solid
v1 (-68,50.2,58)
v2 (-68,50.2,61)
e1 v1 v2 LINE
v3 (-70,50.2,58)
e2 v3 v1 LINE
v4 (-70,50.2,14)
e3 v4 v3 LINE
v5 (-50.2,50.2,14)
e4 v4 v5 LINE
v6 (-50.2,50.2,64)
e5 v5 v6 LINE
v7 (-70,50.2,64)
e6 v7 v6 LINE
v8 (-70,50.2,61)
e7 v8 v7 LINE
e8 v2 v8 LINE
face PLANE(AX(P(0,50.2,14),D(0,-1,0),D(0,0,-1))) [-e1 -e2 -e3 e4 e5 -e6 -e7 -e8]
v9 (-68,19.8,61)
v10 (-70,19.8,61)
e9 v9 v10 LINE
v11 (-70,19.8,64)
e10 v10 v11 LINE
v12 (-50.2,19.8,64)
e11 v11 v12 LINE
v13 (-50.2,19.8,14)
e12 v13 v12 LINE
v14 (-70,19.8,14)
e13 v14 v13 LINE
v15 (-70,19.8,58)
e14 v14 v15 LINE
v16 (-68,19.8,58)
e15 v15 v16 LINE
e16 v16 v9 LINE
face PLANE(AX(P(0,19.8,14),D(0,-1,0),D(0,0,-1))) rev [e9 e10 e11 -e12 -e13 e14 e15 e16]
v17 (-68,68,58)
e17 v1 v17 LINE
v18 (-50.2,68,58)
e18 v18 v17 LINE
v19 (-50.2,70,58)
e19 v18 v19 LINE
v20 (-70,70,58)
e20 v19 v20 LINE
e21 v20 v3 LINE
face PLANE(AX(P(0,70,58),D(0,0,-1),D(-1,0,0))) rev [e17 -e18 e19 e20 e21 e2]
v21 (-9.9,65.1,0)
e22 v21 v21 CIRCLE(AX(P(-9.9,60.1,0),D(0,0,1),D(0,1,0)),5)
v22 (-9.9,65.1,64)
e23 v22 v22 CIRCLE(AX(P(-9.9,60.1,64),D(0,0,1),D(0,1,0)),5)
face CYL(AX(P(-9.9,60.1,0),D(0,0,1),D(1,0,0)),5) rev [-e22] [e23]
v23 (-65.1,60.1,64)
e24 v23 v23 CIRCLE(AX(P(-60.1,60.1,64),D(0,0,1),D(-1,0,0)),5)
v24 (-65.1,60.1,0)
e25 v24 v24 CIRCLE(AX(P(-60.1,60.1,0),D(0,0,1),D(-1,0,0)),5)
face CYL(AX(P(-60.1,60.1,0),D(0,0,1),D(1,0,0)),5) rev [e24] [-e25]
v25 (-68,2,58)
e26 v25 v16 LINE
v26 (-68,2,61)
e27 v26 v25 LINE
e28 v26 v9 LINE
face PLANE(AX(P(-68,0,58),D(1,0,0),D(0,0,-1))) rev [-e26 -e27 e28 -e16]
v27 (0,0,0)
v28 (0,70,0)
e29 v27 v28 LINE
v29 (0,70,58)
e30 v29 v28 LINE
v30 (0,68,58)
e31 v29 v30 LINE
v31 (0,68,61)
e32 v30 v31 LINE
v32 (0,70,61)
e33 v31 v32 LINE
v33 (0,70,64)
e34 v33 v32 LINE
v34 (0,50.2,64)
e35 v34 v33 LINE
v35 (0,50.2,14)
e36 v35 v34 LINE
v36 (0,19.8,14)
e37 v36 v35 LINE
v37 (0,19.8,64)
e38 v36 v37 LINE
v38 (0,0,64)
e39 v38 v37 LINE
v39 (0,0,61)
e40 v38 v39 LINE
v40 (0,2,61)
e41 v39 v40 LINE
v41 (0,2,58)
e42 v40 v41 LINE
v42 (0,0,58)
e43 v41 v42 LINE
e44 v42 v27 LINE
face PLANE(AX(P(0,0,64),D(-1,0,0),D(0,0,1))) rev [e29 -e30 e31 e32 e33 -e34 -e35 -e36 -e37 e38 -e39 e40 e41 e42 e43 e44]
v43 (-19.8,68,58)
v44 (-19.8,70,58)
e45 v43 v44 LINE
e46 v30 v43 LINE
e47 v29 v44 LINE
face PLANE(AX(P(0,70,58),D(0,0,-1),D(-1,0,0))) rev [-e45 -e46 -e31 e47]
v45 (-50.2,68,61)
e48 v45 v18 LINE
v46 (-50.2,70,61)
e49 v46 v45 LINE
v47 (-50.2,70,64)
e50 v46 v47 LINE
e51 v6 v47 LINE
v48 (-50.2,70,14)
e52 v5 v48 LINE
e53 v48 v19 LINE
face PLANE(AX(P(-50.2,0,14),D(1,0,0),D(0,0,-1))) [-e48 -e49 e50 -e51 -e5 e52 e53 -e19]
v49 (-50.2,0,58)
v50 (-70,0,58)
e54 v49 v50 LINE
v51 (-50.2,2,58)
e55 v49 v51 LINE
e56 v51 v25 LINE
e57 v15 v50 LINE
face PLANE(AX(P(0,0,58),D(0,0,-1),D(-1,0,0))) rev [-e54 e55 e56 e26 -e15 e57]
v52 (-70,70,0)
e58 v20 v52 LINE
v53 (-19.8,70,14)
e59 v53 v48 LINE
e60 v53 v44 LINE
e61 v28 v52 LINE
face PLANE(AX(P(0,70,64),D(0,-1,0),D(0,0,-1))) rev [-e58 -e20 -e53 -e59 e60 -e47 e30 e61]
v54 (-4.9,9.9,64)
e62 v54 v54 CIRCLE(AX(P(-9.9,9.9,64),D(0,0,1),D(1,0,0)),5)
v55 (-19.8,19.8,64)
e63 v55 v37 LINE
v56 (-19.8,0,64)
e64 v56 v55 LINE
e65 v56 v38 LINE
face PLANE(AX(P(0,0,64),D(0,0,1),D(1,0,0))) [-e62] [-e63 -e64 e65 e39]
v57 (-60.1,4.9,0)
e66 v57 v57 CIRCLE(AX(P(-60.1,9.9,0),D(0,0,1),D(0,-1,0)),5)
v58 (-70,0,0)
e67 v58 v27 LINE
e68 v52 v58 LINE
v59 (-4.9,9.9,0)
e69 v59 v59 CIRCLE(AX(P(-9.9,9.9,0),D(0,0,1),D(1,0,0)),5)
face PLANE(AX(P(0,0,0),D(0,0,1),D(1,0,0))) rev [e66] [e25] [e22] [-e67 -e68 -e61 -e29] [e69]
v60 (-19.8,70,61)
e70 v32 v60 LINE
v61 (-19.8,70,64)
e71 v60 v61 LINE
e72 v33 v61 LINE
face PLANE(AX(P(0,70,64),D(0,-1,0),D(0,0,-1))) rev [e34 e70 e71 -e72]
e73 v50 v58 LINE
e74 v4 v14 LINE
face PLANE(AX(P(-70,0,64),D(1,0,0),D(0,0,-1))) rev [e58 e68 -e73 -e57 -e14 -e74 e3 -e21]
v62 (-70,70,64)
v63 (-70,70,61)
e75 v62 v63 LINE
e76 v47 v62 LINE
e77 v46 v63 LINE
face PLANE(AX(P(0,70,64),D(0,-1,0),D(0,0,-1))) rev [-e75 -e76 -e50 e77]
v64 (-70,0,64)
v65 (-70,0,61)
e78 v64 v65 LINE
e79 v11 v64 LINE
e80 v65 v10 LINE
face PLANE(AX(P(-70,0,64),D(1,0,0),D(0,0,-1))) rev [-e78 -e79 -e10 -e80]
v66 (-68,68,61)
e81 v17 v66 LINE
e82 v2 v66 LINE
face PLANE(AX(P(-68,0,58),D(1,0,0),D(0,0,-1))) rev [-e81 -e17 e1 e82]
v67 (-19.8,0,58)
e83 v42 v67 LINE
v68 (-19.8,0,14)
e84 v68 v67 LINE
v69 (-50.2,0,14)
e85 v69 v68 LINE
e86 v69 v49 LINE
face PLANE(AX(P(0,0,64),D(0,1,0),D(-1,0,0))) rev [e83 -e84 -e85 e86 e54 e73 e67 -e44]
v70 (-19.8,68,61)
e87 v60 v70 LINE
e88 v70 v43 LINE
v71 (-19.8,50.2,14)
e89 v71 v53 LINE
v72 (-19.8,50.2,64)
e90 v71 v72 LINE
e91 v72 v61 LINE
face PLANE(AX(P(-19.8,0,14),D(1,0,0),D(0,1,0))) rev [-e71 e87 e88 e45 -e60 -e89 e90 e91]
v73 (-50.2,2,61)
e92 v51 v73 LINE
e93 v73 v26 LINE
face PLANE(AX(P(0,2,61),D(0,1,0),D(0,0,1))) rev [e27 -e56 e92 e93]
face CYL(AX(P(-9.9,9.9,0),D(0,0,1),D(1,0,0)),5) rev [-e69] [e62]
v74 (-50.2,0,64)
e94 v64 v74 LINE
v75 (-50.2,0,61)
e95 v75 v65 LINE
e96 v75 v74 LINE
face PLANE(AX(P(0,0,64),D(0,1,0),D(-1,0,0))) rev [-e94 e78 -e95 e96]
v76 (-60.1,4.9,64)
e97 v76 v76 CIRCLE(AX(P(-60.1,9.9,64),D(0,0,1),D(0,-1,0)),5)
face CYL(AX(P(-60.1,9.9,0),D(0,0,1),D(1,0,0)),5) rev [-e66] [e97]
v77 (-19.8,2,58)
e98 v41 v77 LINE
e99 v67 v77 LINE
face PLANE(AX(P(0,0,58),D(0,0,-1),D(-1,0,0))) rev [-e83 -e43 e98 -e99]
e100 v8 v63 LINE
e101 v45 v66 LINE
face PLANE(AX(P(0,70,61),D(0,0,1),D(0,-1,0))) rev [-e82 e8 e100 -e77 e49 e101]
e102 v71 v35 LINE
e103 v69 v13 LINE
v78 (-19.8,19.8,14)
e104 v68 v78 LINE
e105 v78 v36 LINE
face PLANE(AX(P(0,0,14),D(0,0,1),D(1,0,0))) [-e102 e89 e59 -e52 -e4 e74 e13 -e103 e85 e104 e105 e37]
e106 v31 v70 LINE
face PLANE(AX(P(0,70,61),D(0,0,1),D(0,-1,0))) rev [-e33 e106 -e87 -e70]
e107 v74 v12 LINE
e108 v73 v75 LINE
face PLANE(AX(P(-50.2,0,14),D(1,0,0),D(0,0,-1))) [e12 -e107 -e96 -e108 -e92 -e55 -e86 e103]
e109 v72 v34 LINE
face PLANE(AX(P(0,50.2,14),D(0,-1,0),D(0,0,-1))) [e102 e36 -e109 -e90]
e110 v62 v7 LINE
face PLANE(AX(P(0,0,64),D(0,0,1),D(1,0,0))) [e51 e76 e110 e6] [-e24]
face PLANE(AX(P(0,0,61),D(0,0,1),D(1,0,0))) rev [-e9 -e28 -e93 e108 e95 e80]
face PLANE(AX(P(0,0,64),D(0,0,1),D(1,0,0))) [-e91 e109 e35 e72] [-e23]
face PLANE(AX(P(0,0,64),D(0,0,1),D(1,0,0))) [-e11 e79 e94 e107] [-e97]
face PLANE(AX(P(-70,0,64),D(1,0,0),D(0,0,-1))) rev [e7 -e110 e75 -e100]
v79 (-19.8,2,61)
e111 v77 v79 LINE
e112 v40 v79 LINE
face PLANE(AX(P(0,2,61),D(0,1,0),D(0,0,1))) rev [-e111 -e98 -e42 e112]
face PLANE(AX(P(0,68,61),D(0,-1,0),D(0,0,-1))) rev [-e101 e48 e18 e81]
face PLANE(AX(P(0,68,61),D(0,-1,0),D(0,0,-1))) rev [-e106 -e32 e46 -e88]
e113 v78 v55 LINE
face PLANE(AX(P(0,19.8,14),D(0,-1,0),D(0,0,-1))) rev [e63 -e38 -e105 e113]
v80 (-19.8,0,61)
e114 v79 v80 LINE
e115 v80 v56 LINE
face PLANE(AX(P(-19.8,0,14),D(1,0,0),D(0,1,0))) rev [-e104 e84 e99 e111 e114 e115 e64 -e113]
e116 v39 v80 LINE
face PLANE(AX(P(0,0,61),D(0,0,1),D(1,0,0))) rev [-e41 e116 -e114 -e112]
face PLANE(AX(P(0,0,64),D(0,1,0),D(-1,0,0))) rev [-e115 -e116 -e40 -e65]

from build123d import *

# Parameters (mm, degrees)
ESQUISSE1_W                  = 70
ESQUISSE1_H                  = 70
BOSS_EXTRU_1_DEPTH           = 64
ESQUISSE2_W                  = 30.4
ESQUISSE2_H                  = 19.8
ESQUISSE2_H_2                = 30.4
ESQUISSE2_W_2                = 19.8
ENL_V_MAT_EXTRU_1_DEPTH      = 50
ESQUISSE5_W                  = 3
ESQUISSE5_H                  = 2
ENL_V_MAT_EXTRU_3_DEPTH      = 71
ESQUISSE6_W                  = 2
ESQUISSE6_H                  = 3
ENL_V_MAT_EXTRU_4_DEPTH      = 71
ESQUISSE7_R                  = 5
ENL_V_MAT_EXTRU_5_DEPTH      = 65
R_P_TITION_CIRCULAIRE2_COUNT = 4


with BuildPart() as part:
    # Esquisse1 → Boss.-Extru.1 (new body)
    with BuildSketch(Plane.XY):
        with Locations((-35, 35)):
            Rectangle(ESQUISSE1_W, ESQUISSE1_H)
    extrude(amount=BOSS_EXTRU_1_DEPTH)

    # Esquisse2 → Enlèv. mat.-Extru.1 (cut)
    with BuildSketch(Plane.XY.offset(64)):
        with Locations((-35, 60.1)):
            Rectangle(ESQUISSE2_W, ESQUISSE2_H)
        with Locations((-35, 35)):
            Rectangle(ESQUISSE2_W, ESQUISSE2_H_2)
        with Locations((-9.9, 35)):
            Rectangle(ESQUISSE2_W_2, ESQUISSE2_H_2)
        with Locations((-60.1, 35)):
            Rectangle(ESQUISSE2_W_2, ESQUISSE2_H_2)
        with Locations((-35, 9.9)):
            Rectangle(ESQUISSE2_W, ESQUISSE2_H)
    extrude(amount=-ENL_V_MAT_EXTRU_1_DEPTH, mode=Mode.SUBTRACT)

    # Esquisse5 → Enlèv. mat.-Extru.3 (cut, through all)
    with BuildSketch(Plane.ZY.offset(70)):
        with Locations((59.5, 69)):
            Rectangle(ESQUISSE5_W, ESQUISSE5_H)
        with Locations((59.5, 1)):
            Rectangle(ESQUISSE5_W, ESQUISSE5_H)
    extrude(amount=-ENL_V_MAT_EXTRU_3_DEPTH, mode=Mode.SUBTRACT)

    # Esquisse6 → Enlèv. mat.-Extru.4 (cut, through all)
    with BuildSketch(Plane(origin=(0, 70, 0), x_dir=(1, 0, 0), z_dir=(0, 1, 0))):
        with Locations((-69, -59.5)):
            Rectangle(ESQUISSE6_W, ESQUISSE6_H)
    extrude(amount=-ENL_V_MAT_EXTRU_4_DEPTH, mode=Mode.SUBTRACT)

    # Esquisse7 → Enlèv. mat.-Extru.5 (cut, through all)
    with BuildSketch(Plane.XY.offset(64)):
        with Locations((-9.9, 9.9)):
            Circle(ESQUISSE7_R)
    enl_v_mat_extru_5 = extrude(amount=-ENL_V_MAT_EXTRU_5_DEPTH, mode=Mode.SUBTRACT)

    # Répétition circulaire2: Enlèv. mat.-Extru.5 ×4 about axis
    r_p_tition_circulaire2_axis = Axis((-35, 35, 0), (0, 0, 1))
    for i in range(1, R_P_TITION_CIRCULAIRE2_COUNT):
        add(enl_v_mat_extru_5.rotate(r_p_tition_circulaire2_axis, i * 360 / R_P_TITION_CIRCULAIRE2_COUNT), mode=Mode.SUBTRACT)


solid = part.part
